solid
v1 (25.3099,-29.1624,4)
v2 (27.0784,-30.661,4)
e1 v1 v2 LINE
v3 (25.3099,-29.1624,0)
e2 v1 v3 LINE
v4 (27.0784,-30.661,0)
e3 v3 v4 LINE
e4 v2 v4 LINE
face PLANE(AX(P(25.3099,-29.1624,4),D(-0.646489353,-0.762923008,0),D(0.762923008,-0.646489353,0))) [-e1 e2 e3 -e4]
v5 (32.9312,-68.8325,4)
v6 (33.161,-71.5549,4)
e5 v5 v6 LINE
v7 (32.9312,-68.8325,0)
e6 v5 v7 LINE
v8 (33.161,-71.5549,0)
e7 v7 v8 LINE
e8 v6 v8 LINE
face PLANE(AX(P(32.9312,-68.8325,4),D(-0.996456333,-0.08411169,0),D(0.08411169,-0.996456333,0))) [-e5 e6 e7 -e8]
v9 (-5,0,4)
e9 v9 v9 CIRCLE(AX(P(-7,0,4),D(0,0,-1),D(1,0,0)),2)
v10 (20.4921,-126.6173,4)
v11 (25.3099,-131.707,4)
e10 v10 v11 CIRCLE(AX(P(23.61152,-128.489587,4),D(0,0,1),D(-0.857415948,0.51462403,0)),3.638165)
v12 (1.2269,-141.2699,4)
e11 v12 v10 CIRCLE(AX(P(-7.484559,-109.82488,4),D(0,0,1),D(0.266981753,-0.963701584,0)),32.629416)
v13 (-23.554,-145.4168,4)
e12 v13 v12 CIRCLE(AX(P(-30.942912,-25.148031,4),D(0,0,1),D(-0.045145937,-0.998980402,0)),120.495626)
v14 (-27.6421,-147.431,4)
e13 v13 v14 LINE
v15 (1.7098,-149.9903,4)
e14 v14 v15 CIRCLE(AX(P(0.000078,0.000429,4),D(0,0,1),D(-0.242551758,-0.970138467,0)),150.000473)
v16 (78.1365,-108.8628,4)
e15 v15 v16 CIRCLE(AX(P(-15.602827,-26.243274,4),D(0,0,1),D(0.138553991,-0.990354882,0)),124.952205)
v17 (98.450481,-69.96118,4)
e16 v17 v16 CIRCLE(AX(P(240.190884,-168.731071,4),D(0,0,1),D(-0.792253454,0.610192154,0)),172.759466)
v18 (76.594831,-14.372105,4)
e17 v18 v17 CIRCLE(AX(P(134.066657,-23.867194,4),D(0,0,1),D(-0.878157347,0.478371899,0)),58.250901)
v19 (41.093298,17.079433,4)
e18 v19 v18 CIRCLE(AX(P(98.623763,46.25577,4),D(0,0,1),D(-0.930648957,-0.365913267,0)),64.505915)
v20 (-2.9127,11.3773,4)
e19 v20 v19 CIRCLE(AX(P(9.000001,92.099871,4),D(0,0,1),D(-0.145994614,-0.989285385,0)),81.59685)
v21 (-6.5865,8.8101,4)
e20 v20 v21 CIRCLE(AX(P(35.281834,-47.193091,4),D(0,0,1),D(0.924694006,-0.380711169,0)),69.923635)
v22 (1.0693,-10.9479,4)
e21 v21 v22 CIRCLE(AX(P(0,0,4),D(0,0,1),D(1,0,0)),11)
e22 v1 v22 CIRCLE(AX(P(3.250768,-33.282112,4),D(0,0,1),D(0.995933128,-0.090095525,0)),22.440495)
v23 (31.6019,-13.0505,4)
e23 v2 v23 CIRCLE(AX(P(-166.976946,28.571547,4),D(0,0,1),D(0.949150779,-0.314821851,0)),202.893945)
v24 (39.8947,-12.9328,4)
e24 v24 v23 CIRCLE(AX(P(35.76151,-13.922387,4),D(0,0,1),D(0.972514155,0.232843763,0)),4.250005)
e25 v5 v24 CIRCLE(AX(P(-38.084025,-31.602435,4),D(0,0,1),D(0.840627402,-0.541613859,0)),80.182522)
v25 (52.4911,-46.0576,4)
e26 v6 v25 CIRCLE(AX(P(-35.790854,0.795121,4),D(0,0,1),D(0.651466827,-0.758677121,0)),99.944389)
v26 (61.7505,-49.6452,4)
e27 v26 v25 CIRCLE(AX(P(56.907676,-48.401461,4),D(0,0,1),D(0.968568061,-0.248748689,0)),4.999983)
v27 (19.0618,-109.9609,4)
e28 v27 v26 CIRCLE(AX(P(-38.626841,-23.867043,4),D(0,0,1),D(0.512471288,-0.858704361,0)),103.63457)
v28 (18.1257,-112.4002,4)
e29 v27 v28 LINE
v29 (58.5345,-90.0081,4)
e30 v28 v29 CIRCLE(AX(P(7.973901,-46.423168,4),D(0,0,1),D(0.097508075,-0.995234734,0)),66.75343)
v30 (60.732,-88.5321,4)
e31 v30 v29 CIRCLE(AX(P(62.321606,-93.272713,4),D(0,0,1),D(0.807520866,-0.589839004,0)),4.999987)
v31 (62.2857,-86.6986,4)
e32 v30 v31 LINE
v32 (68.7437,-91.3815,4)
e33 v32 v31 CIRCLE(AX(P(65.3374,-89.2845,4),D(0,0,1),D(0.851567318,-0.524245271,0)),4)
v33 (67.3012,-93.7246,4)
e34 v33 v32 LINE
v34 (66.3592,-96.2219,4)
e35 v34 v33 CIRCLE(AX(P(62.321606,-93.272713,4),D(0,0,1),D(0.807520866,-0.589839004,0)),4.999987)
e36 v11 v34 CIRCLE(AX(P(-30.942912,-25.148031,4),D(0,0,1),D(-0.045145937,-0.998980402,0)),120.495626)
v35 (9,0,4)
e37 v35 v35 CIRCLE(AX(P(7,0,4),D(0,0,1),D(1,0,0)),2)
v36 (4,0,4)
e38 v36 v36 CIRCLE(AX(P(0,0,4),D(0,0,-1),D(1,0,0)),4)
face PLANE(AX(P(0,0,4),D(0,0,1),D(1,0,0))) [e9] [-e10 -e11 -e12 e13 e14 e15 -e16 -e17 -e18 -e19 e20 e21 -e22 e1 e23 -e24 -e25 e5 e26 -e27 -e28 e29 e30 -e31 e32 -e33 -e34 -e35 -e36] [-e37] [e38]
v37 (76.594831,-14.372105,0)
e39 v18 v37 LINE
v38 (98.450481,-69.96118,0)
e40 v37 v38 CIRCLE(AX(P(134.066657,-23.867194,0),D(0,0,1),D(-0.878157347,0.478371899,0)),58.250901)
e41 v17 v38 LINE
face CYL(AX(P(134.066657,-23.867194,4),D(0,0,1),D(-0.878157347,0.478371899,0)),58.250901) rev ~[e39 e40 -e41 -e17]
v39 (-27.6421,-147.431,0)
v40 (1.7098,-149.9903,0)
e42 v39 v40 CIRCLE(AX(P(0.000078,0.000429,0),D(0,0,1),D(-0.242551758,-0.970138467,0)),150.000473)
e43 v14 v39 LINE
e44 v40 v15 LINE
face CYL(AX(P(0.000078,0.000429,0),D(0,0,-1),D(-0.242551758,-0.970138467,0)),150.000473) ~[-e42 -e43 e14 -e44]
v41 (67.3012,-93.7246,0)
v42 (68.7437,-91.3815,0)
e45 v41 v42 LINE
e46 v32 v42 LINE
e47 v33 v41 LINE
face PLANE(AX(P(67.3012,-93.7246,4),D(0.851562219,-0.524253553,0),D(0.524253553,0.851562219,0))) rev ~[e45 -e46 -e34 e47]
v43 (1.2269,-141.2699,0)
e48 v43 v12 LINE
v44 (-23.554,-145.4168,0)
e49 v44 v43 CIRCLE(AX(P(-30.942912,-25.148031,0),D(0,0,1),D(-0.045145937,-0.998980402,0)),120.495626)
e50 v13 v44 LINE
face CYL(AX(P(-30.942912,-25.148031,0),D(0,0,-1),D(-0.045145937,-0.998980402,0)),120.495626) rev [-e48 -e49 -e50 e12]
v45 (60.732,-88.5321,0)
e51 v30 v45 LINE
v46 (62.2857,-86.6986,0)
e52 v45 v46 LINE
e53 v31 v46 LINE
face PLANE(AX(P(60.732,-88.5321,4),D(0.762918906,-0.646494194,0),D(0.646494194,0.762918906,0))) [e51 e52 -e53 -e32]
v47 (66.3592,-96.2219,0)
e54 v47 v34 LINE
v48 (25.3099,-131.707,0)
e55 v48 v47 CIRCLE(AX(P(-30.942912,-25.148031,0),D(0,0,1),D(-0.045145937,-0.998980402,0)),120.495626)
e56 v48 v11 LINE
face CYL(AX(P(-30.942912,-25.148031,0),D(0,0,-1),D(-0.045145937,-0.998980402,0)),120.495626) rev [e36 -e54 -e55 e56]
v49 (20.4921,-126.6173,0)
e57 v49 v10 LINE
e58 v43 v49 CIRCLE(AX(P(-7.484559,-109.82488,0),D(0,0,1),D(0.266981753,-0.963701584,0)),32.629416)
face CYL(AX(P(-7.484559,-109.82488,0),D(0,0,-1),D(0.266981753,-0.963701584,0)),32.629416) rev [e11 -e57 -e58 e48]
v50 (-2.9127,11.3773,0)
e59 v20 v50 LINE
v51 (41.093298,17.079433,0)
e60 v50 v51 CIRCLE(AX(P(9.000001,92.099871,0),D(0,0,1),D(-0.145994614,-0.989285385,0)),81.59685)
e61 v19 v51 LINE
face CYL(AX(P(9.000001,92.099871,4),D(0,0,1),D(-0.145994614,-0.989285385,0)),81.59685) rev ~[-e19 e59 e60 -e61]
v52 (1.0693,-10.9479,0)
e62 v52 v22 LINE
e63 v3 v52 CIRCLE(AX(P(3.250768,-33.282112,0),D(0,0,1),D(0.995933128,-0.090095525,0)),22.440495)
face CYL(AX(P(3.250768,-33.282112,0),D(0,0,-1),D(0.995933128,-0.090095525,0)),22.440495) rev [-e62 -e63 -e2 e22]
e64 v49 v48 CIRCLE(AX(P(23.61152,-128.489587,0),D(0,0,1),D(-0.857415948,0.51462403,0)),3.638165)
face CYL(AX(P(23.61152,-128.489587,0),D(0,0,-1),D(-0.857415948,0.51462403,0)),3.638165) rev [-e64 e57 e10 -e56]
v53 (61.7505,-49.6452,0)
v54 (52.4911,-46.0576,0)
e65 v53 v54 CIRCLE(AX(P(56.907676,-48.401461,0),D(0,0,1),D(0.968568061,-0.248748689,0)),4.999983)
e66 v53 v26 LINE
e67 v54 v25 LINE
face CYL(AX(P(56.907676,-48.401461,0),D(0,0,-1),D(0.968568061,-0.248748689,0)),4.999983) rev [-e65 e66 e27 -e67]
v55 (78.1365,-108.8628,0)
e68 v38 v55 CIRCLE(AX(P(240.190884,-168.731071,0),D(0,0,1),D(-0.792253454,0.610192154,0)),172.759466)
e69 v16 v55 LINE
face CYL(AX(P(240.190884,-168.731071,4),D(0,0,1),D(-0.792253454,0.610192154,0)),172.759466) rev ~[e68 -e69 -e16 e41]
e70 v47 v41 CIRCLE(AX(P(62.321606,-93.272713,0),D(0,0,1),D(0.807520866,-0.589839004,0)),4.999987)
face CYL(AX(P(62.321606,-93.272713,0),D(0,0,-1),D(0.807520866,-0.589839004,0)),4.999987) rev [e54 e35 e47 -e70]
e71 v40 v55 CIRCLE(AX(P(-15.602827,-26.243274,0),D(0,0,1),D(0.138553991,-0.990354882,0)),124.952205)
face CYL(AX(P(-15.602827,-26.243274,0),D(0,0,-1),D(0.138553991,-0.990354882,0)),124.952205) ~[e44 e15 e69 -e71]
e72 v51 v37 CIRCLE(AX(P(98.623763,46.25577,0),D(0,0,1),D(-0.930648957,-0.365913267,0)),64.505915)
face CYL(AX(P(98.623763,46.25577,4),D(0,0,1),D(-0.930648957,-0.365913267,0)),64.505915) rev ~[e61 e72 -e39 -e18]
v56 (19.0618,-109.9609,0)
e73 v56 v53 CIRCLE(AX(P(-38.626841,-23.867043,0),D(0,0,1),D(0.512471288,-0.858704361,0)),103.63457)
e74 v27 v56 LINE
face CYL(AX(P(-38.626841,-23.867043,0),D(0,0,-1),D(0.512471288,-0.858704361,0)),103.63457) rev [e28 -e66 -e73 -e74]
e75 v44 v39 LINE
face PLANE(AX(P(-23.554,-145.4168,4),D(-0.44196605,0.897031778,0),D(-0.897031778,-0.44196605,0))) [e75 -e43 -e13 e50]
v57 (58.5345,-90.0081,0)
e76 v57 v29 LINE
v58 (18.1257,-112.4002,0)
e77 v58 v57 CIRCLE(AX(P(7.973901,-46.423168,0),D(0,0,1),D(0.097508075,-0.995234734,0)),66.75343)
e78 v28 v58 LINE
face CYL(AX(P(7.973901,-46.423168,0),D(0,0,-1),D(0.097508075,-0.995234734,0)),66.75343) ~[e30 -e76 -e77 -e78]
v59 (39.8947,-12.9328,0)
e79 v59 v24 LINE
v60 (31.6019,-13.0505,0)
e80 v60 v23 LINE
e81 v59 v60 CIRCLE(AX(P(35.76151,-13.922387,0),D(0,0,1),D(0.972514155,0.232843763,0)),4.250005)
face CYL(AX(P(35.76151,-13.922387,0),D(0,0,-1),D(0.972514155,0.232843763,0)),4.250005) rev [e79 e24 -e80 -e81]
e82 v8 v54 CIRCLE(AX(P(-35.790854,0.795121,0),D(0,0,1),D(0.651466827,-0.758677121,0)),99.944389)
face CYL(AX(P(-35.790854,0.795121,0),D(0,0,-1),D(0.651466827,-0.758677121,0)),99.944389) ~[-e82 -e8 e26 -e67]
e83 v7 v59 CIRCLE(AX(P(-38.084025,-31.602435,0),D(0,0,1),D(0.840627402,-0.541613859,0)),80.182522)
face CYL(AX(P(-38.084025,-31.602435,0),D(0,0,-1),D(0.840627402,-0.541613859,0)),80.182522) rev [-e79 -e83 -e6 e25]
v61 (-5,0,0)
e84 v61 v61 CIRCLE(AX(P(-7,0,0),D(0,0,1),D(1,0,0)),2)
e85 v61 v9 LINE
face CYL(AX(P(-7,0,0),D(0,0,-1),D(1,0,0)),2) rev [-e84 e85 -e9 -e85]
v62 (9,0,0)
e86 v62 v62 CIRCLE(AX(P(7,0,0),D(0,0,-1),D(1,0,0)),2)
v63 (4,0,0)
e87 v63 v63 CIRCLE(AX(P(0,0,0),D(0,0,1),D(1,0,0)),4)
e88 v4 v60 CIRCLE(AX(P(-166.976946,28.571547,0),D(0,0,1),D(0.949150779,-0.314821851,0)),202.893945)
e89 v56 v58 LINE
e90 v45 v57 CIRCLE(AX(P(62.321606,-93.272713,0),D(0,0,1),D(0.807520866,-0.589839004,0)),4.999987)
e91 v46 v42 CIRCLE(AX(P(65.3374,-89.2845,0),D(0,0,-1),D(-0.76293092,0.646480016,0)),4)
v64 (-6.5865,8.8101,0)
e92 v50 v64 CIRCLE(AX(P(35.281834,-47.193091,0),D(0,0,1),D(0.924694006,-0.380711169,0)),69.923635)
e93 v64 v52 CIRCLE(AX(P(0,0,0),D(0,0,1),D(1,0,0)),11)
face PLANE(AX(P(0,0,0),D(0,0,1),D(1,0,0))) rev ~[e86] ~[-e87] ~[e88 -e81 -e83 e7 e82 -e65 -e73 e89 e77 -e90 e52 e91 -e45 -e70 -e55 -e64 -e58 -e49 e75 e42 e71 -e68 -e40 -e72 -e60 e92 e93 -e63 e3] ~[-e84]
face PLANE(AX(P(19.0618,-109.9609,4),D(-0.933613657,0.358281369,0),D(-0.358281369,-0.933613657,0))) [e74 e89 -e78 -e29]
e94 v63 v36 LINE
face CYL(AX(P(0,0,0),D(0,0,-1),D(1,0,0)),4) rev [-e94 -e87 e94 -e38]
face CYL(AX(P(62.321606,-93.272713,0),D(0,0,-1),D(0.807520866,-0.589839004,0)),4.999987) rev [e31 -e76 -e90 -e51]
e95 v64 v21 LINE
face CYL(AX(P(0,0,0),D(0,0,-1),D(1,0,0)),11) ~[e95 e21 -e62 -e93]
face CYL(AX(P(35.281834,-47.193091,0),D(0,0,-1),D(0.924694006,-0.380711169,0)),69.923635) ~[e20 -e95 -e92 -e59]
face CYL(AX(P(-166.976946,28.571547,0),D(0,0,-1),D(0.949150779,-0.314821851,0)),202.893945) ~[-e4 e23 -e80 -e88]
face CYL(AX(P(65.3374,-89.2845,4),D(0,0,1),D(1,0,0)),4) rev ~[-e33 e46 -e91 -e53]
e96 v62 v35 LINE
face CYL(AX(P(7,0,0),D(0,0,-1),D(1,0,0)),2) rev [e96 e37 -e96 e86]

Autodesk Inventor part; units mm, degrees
ref_plane "YZ Plane" through (0, 0, 0) normal (1, 0, 0) x (0, 1, 0)
ref_plane "XZ Plane" through (0, 0, 0) normal (0, 1, 0) x (-1, 0, 0)
ref_plane "XY Plane" through (0, 0, 0) normal (0, 0, 1) x (1, 0, 0)
sketch "スケッチ1" plane through (0, 0, 0) normal (0, 0, 1) x (1, 0, 0)
  circle A0 centre (0, 0) radius 4
  arc A1 (-36.3828, -145.5208) -> (1.7098, -149.9903) centre (0, 0) ccw
  arc A2 (-36.3828, -145.5208) -> (66.3592, -96.2219) centre (-30.943, -25.1476) ccw
  arc A3 (14.4829, -112.8585) -> (61.7505, -49.6452) centre (-38.6267, -23.8672) ccw
  arc A4 (14.4829, -112.8585) -> (58.5345, -90.0081) centre (7.974, -46.4235) ccw
  arc A5 (66.3592, -96.2219) -> (58.5345, -90.0081) centre (62.3217, -93.2727) ccw
  arc A6 (1.2269, -141.2699) -> (20.4921, -126.6173) centre (-7.4844, -109.8252) ccw
  arc A7 (20.4921, -126.6173) -> (25.3099, -131.707) centre (23.6114, -128.4896) ccw
  arc A8 (1.7098, -149.9903) -> (99.9398, -73.8138) centre (-15.6029, -26.2431) ccw
  arc A9 (99.9398, -73.8138) -> (-6.5865, 8.8101) centre (35.2818, -47.1931) ccw
  circle A10 centre (0, 0) radius 11
  circle A11 centre (0, 0) radius 7
  circle A12 centre (-7, 0) radius 2
  circle A13 centre (7, 0) radius 2
  arc A14 (25.6, -35.3039) -> (1.0693, -10.9479) centre (3.2508, -33.2821) ccw
  arc A15 (25.6, -35.3039) -> (31.6019, -13.0505) centre (-166.9688, 28.5691) ccw
  arc A16 (39.8947, -12.9328) -> (31.6019, -13.0505) centre (35.7615, -13.9224) ccw
  arc A17 (29.3196, -75.0304) -> (39.8947, -12.9328) centre (-38.0836, -31.6026) ccw
  arc A18 (29.3196, -75.0304) -> (52.4911, -46.0576) centre (-35.7899, 0.7942) ccw
  arc A19 (61.7505, -49.6452) -> (52.4911, -46.0576) centre (56.9076, -48.4015) ccw
  line L0 (-7, 0) -> (7, 0)
  dimension "d0" = 8
  dimension "d1" = 300
  dimension "d2" = 10
  dimension "d3" = 7
  dimension "d4" = 3
  dimension "d5" = 4
  dimension "d6" = 4
  dimension "d7" = 8.5
  dimension "d8" = 10
extrude "押し出し1" add sketch "スケッチ1" along normal blind 4 contours L0 A13 A11 A12 A0 | A0 L0 A12 A11 A13 | A2 A5 A4 A3 A19 A18 A17 A16 A15 A14 A10 A9 A8 A1 | A6 A7 A2 | A10
sketch "スケッチ2" plane through (0, 0, 4) normal (0, 0, 1) x (1, 0, 0)
  arc A0 (99.9398, -73.8138) -> (-6.5865, 8.8101) centre (35.2818, -47.1931) ccw projected
  arc A1 (-6.5865, 8.8101) -> (1.0693, -10.9479) centre (0, 0) ccw projected
  arc A2 (25.6, -35.3039) -> (1.0693, -10.9479) centre (3.2508, -33.2821) ccw projected
  arc A3 (25.6, -35.3039) -> (31.6019, -13.0505) centre (-166.9688, 28.5691) ccw projected
  arc A4 (39.8947, -12.9328) -> (31.6019, -13.0505) centre (35.7615, -13.9224) ccw projected
  arc A5 (29.3196, -75.0304) -> (39.8947, -12.9328) centre (-38.0836, -31.6026) ccw projected
  arc A6 (29.3196, -75.0304) -> (52.4911, -46.0576) centre (-35.7899, 0.7942) ccw projected
  arc A7 (61.7505, -49.6452) -> (52.4911, -46.0576) centre (56.9076, -48.4015) ccw projected
  arc A8 (14.4829, -112.8585) -> (61.7505, -49.6452) centre (-38.6267, -23.8672) ccw projected
  arc A9 (14.4829, -112.8585) -> (58.5345, -90.0081) centre (7.974, -46.4235) ccw projected
  arc A10 (66.3592, -96.2219) -> (58.5345, -90.0081) centre (62.3217, -93.2727) ccw projected
  arc A11 (25.3099, -131.707) -> (66.3592, -96.2219) centre (-30.943, -25.1476) ccw projected
  arc A12 (20.4921, -126.6173) -> (25.3099, -131.707) centre (23.6114, -128.4896) ccw projected
  arc A13 (1.2269, -141.2699) -> (20.4921, -126.6173) centre (-7.4844, -109.8252) ccw projected
  arc A14 (-36.3828, -145.5208) -> (1.2269, -141.2699) centre (-30.943, -25.1476) ccw projected
  arc A15 (-36.3828, -145.5208) -> (1.7098, -149.9903) centre (0, 0) ccw projected
  arc A16 (1.7098, -149.9903) -> (99.9398, -73.8138) centre (-15.6029, -26.2431) ccw projected
  circle A17 centre (7, 0) radius 2 projected
  circle A18 centre (0, 0) radius 4 projected
  circle A19 centre (-7, 0) radius 2 projected
  circle A20 centre (65.3374, -89.2845) radius 4
  arc A21 (66.3592, -96.2219) -> (58.5345, -90.0081) centre (62.3217, -93.2727) ccw projected
  line L0 (60.732, -88.5321) -> (62.2857, -86.6986)
  line L1 (67.3012, -93.7246) -> (68.7437, -91.3815)
  arc A22 (14.4829, -112.8585) -> (58.5345, -90.0081) centre (7.974, -46.4235) ccw projected
  arc A23 (25.3099, -131.707) -> (66.3592, -96.2219) centre (-30.943, -25.1476) ccw projected
  arc A24 (99.9398, -73.8138) -> (-6.5865, 8.8101) centre (35.2818, -47.1931) ccw projected
  arc A25 (82.9132, 3.9984) -> (100.781, -71.6713) centre (134.0667, -23.8672) ccw
  arc A26 (103.3216, -63.3146) -> (78.1365, -108.8628) centre (240.1923, -168.732) ccw
  arc A27 (-2.9127, 11.3773) -> (49.5081, 21.2681) centre (9, 92.0999) ccw
  line L2 (-23.554, -145.4168) -> (-27.6421, -147.431)
  line L3 (19.0618, -109.9609) -> (18.1257, -112.4002)
  arc A28 (29.3196, -75.0304) -> (39.8947, -12.9328) centre (-38.0836, -31.6026) ccw projected
  line L4 (32.9312, -68.8325) -> (33.161, -71.5549)
  line L5 (25.3099, -29.1624) -> (27.0784, -30.661)
  arc A29 (99.9398, -73.8138) -> (-6.5865, 8.8101) centre (35.2818, -47.1931) ccw projected
  arc A30 (38.5914, 22.6522) -> (98.9338, -18.2494) centre (98.6238, 46.2558) ccw
  point P0 (60.732, -88.5321)
  point P1 (61.4482, -88.3496)
  point P2 (67.2965, -92.7719)
  point P3 (67.3012, -93.7246)
  point P4 (103.3216, -63.3146)
  point P5 (82.9132, 3.9984)
  point P6 (100.781, -71.6713)
  point P7 (-2.9127, 11.3773)
  point P8 (49.5081, 21.2681)
  point P9 (38.5914, 22.6522)
  point P10 (98.9338, -18.2494)
  dimension "d11" = 8
extrude "押し出し2" cut sketch "スケッチ2" against normal blind 4 contours A16 A26 A25 A0 | A25 A26 A0 | A26 A25 A30 A0 | A30 A25 A0 | A30 A27 A0 A25 | A15 A14 L2 | A30 A0 A27 | A27 A0 A30 | L5 A3 A2 | A10 A20 L1 | A20 A10 | A10 A20 | A10 L0 A20 | L4 A6 A5 | A9 A8 L3
properties part number "横回転鎌" material "アルミニウム 7075"
